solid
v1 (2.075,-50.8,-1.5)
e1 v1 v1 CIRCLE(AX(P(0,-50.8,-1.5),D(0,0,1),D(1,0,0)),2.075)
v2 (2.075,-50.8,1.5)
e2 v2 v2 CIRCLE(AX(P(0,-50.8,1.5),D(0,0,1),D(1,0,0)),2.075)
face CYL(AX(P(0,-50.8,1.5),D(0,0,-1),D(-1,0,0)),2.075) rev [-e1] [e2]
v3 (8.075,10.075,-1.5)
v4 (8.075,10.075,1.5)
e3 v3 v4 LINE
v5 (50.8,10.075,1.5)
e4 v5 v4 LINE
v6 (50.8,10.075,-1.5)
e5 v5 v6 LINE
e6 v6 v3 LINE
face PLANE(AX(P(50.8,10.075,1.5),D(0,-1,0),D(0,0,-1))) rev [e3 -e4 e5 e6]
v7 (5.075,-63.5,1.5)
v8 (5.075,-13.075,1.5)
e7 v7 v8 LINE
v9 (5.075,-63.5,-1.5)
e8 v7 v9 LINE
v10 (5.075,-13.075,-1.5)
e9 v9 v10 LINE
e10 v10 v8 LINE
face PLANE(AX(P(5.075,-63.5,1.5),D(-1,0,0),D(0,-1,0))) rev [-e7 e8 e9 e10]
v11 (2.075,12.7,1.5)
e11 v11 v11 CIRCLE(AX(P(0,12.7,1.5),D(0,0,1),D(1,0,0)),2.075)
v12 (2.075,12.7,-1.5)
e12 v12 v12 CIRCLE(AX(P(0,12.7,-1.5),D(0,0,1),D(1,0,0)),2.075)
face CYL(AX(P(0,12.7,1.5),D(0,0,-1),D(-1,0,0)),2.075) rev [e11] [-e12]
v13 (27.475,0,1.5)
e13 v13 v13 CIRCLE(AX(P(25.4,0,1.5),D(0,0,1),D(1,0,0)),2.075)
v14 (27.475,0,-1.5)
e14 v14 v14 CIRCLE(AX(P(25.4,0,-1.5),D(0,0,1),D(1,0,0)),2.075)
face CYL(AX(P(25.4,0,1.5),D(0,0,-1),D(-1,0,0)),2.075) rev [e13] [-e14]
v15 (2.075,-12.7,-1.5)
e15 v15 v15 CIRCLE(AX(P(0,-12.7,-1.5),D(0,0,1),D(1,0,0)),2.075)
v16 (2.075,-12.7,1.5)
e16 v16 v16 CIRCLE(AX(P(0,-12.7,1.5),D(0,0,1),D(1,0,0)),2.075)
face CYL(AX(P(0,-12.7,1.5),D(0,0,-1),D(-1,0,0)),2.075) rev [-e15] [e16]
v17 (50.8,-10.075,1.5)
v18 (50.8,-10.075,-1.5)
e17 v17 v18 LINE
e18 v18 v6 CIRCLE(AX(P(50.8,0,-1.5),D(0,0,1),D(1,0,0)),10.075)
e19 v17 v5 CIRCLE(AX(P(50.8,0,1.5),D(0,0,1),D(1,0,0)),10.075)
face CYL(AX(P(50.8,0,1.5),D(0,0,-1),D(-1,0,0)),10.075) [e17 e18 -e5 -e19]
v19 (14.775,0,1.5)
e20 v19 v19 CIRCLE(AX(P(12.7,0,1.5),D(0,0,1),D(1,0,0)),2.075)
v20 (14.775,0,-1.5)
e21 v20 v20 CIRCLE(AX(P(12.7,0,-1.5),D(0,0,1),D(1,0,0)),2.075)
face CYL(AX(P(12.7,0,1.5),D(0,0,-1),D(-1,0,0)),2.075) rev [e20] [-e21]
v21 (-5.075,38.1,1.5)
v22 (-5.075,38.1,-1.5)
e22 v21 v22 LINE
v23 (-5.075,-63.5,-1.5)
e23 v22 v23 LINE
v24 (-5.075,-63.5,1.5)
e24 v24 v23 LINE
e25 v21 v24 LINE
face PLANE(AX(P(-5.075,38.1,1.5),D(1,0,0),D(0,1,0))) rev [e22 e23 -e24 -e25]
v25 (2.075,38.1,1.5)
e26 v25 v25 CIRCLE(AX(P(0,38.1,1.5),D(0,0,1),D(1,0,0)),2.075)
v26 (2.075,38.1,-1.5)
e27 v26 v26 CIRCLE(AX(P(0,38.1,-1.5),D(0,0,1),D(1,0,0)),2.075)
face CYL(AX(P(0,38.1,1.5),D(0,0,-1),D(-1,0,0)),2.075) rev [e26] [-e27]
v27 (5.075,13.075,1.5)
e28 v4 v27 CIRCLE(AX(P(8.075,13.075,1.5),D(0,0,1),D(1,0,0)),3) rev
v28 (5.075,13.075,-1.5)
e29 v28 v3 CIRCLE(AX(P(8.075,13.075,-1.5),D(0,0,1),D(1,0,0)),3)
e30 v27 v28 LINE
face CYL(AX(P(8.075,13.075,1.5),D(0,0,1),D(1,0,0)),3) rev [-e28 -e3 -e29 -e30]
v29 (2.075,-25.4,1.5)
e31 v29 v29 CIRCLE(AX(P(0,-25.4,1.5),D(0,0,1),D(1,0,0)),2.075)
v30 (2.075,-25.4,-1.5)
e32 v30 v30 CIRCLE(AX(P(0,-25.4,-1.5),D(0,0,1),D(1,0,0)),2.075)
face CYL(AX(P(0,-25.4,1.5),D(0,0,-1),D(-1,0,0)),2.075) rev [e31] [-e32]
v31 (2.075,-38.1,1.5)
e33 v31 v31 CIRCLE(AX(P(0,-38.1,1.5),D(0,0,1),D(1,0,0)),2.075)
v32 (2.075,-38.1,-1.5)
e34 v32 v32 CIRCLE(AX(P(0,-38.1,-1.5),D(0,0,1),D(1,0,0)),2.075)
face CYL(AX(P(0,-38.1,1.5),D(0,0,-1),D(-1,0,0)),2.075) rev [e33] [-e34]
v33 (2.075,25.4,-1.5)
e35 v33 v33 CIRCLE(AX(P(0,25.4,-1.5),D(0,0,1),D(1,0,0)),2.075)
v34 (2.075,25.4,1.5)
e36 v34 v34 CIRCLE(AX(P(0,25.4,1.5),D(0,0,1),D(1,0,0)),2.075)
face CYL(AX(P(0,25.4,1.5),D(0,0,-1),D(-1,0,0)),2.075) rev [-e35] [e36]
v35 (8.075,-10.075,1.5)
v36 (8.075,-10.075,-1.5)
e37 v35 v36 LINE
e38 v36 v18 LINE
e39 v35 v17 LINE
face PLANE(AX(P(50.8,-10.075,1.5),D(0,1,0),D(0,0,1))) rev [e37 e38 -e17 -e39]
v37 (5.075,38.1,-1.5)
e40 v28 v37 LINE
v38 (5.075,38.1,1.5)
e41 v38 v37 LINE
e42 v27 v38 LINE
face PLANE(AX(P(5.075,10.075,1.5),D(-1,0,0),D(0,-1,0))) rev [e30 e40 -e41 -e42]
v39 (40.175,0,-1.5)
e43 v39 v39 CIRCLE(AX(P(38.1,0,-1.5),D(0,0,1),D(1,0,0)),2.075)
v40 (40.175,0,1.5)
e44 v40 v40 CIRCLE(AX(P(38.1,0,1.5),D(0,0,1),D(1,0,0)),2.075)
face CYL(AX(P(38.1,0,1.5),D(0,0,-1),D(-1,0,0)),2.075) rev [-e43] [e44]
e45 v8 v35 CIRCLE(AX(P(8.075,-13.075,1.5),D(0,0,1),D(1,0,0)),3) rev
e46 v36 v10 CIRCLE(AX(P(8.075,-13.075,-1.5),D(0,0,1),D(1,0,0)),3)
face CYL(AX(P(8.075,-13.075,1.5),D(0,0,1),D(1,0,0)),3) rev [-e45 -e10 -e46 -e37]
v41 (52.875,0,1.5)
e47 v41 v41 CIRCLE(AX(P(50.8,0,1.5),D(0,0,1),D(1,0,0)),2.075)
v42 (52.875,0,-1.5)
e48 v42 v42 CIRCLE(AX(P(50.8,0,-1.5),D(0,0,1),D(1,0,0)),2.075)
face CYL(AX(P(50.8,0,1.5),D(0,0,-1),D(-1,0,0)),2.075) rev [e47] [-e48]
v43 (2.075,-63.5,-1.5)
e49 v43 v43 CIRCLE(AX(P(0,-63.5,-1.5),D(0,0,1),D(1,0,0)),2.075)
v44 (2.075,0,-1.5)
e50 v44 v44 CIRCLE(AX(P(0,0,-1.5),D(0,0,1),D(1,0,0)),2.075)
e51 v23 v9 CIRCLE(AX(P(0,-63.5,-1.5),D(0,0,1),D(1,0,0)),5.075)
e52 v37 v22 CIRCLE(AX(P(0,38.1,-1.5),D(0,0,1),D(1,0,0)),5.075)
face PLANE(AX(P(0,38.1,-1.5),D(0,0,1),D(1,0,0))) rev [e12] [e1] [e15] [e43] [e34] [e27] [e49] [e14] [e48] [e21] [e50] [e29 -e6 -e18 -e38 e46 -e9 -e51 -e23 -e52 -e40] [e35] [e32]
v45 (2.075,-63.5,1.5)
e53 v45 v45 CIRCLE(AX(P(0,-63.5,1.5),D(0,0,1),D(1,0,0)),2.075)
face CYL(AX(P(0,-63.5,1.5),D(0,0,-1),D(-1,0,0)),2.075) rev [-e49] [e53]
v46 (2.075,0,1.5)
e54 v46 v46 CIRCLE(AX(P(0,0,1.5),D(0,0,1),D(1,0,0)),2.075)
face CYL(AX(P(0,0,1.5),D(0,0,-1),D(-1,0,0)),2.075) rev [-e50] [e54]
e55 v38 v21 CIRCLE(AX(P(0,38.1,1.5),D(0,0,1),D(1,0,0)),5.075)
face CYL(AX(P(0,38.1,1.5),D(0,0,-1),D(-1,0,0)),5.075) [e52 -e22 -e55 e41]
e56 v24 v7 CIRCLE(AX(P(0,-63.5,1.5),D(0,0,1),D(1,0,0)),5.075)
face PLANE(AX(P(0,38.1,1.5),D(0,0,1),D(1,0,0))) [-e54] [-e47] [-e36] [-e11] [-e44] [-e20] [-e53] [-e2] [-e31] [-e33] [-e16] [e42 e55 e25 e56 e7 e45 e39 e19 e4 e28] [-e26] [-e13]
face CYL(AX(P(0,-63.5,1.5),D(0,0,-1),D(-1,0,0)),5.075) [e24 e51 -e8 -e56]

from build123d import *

# Parameters (mm, degrees)
SKETCH1_R           = 2.075
BOSS_EXTRUDE2_DEPTH = 1.5
FILLET2_R           = 3


with BuildPart() as part:
    # Sketch1 → Boss-Extrude2 (new, symmetric)
    with BuildSketch(Plane.XY):
        with BuildLine():
            Line((-5.075, 38.1), (-5.075, -63.5))
            ThreePointArc((-5.075, -63.5), (0, -68.575), (5.075, -63.5))
            Line((5.075, -63.5), (5.075, -10.075))
            Line((5.075, -10.075), (50.8, -10.075))
            ThreePointArc((50.8, -10.075), (60.875, 0), (50.8, 10.075))
            Line((50.8, 10.075), (5.075, 10.075))
            Line((5.075, 10.075), (5.075, 38.1))
            ThreePointArc((5.075, 38.1), (0, 43.175), (-5.075, 38.1))
        make_face()
        Circle(SKETCH1_R, mode=Mode.SUBTRACT)
        with Locations((12.7, 0)):
            Circle(SKETCH1_R, mode=Mode.SUBTRACT)
        with Locations((25.4, 0)):
            Circle(SKETCH1_R, mode=Mode.SUBTRACT)
        with Locations((38.1, 0)):
            Circle(SKETCH1_R, mode=Mode.SUBTRACT)
        with Locations((50.8, 0)):
            Circle(SKETCH1_R, mode=Mode.SUBTRACT)
        with Locations((0, 12.7)):
            Circle(SKETCH1_R, mode=Mode.SUBTRACT)
        with Locations((0, 25.4)):
            Circle(SKETCH1_R, mode=Mode.SUBTRACT)
        with Locations((0, 38.1)):
            Circle(SKETCH1_R, mode=Mode.SUBTRACT)
        with Locations((0, -12.7)):
            Circle(SKETCH1_R, mode=Mode.SUBTRACT)
        with Locations((0, -25.4)):
            Circle(SKETCH1_R, mode=Mode.SUBTRACT)
        with Locations((0, -38.1)):
            Circle(SKETCH1_R, mode=Mode.SUBTRACT)
        with Locations((0, -50.8)):
            Circle(SKETCH1_R, mode=Mode.SUBTRACT)
        with Locations((0, -63.5)):
            Circle(SKETCH1_R, mode=Mode.SUBTRACT)
    extrude(amount=BOSS_EXTRUDE2_DEPTH, both=True)

    # Fillet2
    fillet2_edges = [part.edges().sort_by_distance(p)[0] for p in [
        (5.075, 10.075, 0),
        (5.075, -10.075, 0),
    ]]
    fillet(fillet2_edges, radius=FILLET2_R)


solid = part.part
